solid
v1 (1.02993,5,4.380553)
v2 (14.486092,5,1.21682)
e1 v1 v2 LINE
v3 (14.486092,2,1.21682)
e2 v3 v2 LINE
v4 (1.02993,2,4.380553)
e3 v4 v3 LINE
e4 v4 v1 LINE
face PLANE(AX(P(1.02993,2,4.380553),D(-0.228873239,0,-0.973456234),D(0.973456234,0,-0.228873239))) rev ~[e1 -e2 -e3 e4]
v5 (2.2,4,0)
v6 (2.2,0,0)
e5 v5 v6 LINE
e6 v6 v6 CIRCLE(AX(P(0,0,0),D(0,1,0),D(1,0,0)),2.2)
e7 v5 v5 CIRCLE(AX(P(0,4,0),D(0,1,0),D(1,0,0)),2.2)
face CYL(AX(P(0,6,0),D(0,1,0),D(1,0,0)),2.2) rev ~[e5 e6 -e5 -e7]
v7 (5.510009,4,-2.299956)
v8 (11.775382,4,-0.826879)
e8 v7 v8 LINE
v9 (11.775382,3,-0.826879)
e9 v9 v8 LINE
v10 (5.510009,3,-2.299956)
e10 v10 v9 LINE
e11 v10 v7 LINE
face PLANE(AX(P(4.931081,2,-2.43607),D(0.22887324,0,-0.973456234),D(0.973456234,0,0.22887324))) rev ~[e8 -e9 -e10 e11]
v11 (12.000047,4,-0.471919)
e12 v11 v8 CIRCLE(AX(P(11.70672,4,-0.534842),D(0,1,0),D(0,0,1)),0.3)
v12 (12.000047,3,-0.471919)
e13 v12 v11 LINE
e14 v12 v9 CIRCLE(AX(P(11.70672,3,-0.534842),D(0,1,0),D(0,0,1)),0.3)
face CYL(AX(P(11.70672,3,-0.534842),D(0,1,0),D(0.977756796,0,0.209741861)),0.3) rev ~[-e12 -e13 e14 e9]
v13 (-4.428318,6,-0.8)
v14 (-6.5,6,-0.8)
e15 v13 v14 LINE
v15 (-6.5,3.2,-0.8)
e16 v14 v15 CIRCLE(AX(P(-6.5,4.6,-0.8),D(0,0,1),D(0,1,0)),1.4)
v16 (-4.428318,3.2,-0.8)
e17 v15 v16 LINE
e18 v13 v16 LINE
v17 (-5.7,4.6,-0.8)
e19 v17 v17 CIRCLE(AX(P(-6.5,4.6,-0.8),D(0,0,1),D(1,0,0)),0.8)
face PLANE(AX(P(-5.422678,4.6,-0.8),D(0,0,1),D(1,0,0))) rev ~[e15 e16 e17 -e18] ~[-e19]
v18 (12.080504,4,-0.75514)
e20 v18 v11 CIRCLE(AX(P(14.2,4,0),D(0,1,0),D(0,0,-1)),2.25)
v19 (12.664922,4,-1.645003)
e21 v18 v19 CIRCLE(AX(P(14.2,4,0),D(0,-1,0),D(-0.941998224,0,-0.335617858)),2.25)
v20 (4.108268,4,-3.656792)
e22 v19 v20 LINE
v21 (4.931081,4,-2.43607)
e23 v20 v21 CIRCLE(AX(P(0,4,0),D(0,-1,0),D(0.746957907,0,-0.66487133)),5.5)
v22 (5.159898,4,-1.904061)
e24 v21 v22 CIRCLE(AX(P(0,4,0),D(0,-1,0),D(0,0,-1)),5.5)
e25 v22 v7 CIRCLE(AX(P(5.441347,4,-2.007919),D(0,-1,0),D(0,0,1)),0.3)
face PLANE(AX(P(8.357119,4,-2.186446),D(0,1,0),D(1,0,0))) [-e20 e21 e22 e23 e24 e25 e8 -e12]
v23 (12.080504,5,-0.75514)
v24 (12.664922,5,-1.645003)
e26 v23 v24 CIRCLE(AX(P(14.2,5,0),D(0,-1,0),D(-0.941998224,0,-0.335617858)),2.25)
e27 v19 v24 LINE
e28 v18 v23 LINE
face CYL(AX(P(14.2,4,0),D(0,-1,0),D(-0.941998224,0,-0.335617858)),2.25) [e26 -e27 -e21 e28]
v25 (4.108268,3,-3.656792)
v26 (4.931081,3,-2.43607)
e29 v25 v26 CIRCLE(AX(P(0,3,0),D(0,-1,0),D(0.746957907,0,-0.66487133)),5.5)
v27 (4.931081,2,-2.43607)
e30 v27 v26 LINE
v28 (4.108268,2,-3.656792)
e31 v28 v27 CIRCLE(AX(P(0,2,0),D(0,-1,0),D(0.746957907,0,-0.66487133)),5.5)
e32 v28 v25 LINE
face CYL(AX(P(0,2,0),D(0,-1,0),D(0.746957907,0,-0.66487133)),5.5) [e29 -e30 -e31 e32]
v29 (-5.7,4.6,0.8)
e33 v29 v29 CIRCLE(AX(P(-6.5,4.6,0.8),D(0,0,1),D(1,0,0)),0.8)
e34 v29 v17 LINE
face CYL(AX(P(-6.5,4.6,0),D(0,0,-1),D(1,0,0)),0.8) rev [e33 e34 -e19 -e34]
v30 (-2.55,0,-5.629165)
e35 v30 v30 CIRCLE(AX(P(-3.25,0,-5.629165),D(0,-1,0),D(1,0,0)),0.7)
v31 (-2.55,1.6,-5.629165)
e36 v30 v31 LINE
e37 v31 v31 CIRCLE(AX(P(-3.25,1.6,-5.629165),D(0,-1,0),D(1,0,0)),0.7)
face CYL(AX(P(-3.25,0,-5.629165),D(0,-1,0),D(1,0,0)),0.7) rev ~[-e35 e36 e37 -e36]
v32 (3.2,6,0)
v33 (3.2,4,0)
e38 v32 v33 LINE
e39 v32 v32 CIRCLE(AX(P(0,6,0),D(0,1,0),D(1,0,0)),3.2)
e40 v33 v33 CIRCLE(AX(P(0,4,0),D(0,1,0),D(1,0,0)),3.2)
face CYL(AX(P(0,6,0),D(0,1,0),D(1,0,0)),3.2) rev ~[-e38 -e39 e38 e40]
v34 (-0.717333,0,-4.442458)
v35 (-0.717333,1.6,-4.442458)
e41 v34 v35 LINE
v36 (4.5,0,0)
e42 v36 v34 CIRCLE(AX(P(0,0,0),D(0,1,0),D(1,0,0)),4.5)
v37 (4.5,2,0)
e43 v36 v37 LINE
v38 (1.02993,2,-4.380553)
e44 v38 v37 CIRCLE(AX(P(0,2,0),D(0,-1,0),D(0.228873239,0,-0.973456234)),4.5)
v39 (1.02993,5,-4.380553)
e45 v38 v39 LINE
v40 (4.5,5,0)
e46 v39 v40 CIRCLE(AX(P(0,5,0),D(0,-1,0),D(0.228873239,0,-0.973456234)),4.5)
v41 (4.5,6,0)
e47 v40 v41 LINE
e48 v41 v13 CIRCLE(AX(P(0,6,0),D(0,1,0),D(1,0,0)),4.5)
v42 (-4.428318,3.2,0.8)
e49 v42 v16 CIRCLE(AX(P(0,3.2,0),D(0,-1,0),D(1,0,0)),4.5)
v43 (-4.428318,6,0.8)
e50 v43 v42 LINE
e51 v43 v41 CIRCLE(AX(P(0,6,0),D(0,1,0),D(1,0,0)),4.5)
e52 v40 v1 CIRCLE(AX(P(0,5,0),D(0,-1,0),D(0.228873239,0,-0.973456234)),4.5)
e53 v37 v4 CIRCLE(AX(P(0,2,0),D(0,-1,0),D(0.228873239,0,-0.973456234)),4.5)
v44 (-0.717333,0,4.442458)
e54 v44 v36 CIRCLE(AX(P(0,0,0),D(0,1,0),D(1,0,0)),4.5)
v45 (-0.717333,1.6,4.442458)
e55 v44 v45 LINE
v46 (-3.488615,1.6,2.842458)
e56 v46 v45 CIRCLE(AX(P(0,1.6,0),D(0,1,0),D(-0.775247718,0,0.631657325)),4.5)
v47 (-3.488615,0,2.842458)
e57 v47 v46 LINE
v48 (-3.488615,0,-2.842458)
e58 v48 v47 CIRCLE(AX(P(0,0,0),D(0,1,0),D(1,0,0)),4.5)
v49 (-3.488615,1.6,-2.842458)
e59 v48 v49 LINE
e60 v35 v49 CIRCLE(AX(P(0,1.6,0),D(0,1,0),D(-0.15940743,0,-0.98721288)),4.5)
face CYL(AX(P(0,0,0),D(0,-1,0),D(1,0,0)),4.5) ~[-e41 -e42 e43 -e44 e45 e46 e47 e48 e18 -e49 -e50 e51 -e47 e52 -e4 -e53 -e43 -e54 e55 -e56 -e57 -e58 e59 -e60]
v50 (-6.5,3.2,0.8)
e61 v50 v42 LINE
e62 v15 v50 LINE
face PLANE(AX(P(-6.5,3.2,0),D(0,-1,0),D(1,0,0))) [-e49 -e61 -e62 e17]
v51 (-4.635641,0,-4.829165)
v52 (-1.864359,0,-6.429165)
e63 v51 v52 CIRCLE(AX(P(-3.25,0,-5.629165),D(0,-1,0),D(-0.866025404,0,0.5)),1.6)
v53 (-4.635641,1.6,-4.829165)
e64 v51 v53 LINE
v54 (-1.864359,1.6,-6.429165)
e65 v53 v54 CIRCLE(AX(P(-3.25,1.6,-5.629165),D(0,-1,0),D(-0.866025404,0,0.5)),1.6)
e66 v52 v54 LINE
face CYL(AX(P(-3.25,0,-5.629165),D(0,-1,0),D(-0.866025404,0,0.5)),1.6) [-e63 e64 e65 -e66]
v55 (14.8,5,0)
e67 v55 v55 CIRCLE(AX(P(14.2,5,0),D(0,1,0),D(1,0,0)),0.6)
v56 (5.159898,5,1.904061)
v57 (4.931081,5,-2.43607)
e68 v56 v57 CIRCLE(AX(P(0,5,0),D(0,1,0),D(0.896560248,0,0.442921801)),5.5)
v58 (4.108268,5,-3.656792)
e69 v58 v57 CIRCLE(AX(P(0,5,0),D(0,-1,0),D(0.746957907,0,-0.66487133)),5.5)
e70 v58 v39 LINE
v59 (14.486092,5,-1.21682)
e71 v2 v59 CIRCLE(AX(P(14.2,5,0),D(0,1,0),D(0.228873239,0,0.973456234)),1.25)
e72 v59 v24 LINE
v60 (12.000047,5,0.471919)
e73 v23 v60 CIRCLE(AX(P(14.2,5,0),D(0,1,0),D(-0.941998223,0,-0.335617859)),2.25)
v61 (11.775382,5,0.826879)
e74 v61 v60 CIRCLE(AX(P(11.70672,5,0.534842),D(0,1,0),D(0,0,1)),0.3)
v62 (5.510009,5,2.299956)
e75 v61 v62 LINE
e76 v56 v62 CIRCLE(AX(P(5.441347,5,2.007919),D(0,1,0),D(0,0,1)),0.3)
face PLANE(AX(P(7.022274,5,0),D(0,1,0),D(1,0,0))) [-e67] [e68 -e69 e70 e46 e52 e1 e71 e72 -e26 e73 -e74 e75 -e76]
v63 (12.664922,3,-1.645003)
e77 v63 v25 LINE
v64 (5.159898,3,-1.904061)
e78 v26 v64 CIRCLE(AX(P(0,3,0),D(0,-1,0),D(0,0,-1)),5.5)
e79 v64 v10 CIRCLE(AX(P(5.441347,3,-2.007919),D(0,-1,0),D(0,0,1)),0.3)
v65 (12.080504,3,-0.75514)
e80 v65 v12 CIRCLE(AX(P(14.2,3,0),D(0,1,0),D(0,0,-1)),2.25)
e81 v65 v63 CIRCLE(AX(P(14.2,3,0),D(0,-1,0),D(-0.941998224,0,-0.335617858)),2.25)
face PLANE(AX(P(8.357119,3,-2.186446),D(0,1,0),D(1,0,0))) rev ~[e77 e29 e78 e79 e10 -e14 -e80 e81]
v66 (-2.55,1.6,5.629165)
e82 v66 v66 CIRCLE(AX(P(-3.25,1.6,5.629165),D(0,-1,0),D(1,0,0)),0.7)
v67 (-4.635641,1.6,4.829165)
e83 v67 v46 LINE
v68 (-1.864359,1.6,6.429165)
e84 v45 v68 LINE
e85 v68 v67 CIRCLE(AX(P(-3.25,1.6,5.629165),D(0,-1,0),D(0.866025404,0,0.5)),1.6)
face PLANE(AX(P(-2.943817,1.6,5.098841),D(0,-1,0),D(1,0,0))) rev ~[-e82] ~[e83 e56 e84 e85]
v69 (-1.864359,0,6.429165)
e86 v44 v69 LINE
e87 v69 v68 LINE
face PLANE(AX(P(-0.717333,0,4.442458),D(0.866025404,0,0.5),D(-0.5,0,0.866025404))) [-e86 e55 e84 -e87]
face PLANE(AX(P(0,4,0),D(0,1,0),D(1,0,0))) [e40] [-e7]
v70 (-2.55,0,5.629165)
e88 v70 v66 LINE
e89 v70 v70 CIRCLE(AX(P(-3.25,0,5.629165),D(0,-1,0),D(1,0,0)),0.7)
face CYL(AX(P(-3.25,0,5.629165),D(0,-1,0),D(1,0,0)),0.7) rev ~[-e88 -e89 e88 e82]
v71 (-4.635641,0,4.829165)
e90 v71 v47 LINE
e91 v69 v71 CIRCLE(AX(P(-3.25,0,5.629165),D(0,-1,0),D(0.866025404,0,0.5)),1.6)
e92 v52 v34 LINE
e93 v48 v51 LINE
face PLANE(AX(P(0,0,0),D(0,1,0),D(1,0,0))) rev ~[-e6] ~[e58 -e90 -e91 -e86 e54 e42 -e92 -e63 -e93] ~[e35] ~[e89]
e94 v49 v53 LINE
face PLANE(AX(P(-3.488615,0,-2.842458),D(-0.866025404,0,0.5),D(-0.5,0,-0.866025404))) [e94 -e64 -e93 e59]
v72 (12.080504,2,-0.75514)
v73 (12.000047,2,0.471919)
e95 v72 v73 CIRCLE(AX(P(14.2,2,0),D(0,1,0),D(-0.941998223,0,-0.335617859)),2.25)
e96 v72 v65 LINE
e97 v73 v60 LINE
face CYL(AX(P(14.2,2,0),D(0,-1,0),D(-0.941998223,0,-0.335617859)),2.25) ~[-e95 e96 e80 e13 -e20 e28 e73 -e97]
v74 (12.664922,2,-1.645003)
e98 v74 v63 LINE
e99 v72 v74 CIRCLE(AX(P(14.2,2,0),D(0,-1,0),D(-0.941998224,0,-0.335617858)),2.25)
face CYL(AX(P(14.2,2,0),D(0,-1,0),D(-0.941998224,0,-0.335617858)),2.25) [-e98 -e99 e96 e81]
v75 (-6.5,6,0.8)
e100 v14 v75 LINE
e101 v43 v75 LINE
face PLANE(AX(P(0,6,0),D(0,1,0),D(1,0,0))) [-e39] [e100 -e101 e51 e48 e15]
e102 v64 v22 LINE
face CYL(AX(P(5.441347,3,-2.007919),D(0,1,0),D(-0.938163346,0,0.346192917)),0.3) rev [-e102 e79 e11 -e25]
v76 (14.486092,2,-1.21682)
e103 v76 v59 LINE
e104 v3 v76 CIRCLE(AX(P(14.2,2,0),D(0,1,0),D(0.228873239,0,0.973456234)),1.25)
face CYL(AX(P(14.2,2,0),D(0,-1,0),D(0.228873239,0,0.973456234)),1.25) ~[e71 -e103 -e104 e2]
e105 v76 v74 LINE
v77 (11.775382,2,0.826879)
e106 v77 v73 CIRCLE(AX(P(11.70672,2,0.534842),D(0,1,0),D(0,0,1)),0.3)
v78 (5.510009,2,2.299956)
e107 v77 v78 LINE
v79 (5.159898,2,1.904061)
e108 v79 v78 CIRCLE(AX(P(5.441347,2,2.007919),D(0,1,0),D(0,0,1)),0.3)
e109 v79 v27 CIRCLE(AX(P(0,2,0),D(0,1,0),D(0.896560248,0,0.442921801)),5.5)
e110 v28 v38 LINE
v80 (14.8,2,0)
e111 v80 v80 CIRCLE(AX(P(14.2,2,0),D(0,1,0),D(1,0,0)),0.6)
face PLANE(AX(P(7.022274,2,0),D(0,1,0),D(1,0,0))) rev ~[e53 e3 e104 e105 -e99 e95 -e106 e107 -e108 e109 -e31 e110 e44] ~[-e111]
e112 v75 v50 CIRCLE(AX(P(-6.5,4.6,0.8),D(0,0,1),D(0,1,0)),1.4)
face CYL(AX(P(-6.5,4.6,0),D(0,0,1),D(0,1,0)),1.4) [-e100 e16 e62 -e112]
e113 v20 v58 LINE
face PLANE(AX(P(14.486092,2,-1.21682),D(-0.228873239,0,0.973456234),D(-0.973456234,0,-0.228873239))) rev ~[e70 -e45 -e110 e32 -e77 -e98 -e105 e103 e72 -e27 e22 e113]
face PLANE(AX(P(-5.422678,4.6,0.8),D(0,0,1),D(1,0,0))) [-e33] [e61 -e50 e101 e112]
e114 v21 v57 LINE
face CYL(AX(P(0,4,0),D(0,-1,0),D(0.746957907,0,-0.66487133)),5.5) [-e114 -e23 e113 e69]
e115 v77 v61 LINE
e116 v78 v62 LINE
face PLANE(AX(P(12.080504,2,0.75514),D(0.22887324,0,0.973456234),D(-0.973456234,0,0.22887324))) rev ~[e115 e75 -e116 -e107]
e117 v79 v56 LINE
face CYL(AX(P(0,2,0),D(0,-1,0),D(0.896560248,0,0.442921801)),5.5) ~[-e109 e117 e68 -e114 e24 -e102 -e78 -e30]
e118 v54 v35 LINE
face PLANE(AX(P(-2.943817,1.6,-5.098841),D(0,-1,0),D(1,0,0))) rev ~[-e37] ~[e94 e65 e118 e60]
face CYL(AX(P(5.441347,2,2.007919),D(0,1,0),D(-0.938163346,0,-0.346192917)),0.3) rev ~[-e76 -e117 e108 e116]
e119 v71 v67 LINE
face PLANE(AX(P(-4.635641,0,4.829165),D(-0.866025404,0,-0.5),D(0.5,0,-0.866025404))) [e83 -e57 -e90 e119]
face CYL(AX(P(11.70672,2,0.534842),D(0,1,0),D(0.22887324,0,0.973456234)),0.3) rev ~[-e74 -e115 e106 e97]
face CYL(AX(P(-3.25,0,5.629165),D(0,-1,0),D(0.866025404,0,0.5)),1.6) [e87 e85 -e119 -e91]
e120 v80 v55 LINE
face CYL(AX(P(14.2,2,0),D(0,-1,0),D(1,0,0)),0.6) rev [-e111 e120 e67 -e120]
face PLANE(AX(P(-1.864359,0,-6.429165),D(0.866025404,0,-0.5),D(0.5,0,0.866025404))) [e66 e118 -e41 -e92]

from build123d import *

# Parameters (mm, degrees)
SKETCH1_R           = 4.5
BOSS_EXTRUDE1_DEPTH = 6
SKETCH3_R           = 0.7
BOSS_EXTRUDE2_DEPTH = 1.6
SKETCH4_R           = 0.8
BOSS_EXTRUDE3_DEPTH = 0.8
BOSS_EXTRUDE4_START = -4
SKETCH5_R           = 0.6
BOSS_EXTRUDE4_DEPTH = 3
CUT_EXTRUDE1_START  = -2
CUT_EXTRUDE1_DEPTH  = 1
CUT_EXTRUDE2_START  = -4
CUT_EXTRUDE2_DEPTH  = 1
FILLET1_R           = 0.3
SKETCH6_R           = 3.2
SKETCH6_R_2         = 2.2
CUT_EXTRUDE4_DEPTH  = 2
SKETCH6_4_R         = 2.2
CUT_EXTRUDE5_DEPTH  = 19.08212732


with BuildPart() as part:
    # Sketch1 → Boss-Extrude1 (new body)
    with BuildSketch(Plane(origin=(0, 0, 0), x_dir=(1, 0, 0), z_dir=(0, 1, 0))):
        Circle(SKETCH1_R)
    extrude(amount=BOSS_EXTRUDE1_DEPTH)

    # Sketch3 → Boss-Extrude2 (add)
    # profile 1 of 2: a face of its own
    with BuildSketch(Plane.XZ):
        with BuildLine():
            Line((-0.717333438, 4.442457961), (-1.864359354, 6.429165125))
            ThreePointArc((-1.864359354, 6.429165125), (-4.05, 7.014805771), (-4.635640646, 4.829165125))
            Line((-4.635640646, 4.829165125), (-3.488614731, 2.842457961))
            ThreePointArc((-3.488614731, 2.842457961), (-2.25, 3.897114317), (-0.717333438, 4.442457961))
        make_face()
        with Locations((-3.25, 5.629165125)):
            Circle(SKETCH3_R, mode=Mode.SUBTRACT)
    # profile 2 of 2: a face of its own
    with BuildSketch(Plane.XZ):
        with BuildLine():
            ThreePointArc((-0.717333438, -4.442457961), (-2.25, -3.897114317), (-3.488614731, -2.842457961))
            Line((-3.488614731, -2.842457961), (-4.635640646, -4.829165125))
            ThreePointArc((-4.635640646, -4.829165125), (-4.05, -7.014805771), (-1.864359354, -6.429165125))
            Line((-1.864359354, -6.429165125), (-0.717333438, -4.442457961))
        make_face()
        with Locations((-3.25, -5.629165125)):
            Circle(SKETCH3_R, mode=Mode.SUBTRACT)
    extrude(amount=-BOSS_EXTRUDE2_DEPTH)

    # Sketch4 → Boss-Extrude3 (add, symmetric)
    with BuildSketch(Plane.XY):
        with BuildLine():
            Line((-3.5, 6), (-6.5, 6))
            ThreePointArc((-6.5, 6), (-7.9, 4.6), (-6.5, 3.2))
            Line((-6.5, 3.2), (-3.5, 3.2))
            Line((-3.5, 3.2), (-3.5, 6))
        make_face()
        with Locations((-6.5, 4.6)):
            Circle(SKETCH4_R, mode=Mode.SUBTRACT)
    extrude(amount=BOSS_EXTRUDE3_DEPTH, both=True)

    # Sketch5 → Boss-Extrude4 (add)
    with BuildSketch(Plane(origin=(0, 6, 0), x_dir=(1, 0, 0), z_dir=(0, 1, 0)).offset(BOSS_EXTRUDE4_START)):
        with BuildLine():
            ThreePointArc((1.029929577, 4.380553055), (4.5, 0), (1.029929577, -4.380553055))
            Line((1.029929577, -4.380553055), (14.486091549, -1.216820293))
            ThreePointArc((14.486091549, -1.216820293), (15.45, 0), (14.486091549, 1.216820293))
            Line((14.486091549, 1.216820293), (1.029929577, 4.380553055))
        make_face()
        with BuildLine():
            ThreePointArc((4.931081365, -2.436069903), (5.5, 0), (4.931081365, 2.436069903))
            Line((4.931081365, 2.436069903), (12.080503997, 0.75514018))
            ThreePointArc((12.080503997, 0.75514018), (11.95, 0), (12.080503997, -0.75514018))
            Line((12.080503997, -0.75514018), (4.931081365, -2.436069903))
        make_face(mode=Mode.SUBTRACT)
        with Locations((14.2, 0)):
            Circle(SKETCH5_R, mode=Mode.SUBTRACT)
    extrude(amount=BOSS_EXTRUDE4_DEPTH)

    # Sketch5<3> → Cut-Extrude1 (cut)
    with BuildSketch(Plane(origin=(0, 6, 0), x_dir=(1, 0, 0), z_dir=(0, 1, 0)).offset(CUT_EXTRUDE1_START)):
        with BuildLine():
            Line((12.664921694, 1.645002916), (4.108268481, 3.656792323))
            ThreePointArc((4.108268481, 3.656792323), (4.560701943, 3.074084869), (4.931081365, 2.436069903))
            Line((4.931081365, 2.436069903), (12.080503997, 0.75514018))
            ThreePointArc((12.080503997, 0.75514018), (12.319323987, 1.235134702), (12.664921694, 1.645002916))
        make_face()
    extrude(amount=CUT_EXTRUDE1_DEPTH, mode=Mode.SUBTRACT)

    # Sketch5<4> → Cut-Extrude2 (cut)
    with BuildSketch(Plane(origin=(0, 6, 0), x_dir=(1, 0, 0), z_dir=(0, 1, 0)).offset(CUT_EXTRUDE2_START)):
        with BuildLine():
            Line((12.664921694, 1.645002916), (4.108268481, 3.656792323))
            ThreePointArc((4.108268481, 3.656792323), (4.560701943, 3.074084869), (4.931081365, 2.436069903))
            Line((4.931081365, 2.436069903), (12.080503997, 0.75514018))
            ThreePointArc((12.080503997, 0.75514018), (12.319323987, 1.235134702), (12.664921694, 1.645002916))
        make_face()
    extrude(amount=CUT_EXTRUDE2_DEPTH, mode=Mode.SUBTRACT)

    # Fillet1
    fillet1_edges = [part.edges().sort_by_distance(p)[0] for p in [
        (4.931081365, 3.5, -2.436069903),
        (12.080503997, 3.5, -0.75514018),
        (12.080503997, 3.5, 0.75514018),
        (4.931081365, 3.5, 2.436069903),
    ]]
    fillet(fillet1_edges, radius=FILLET1_R)

    # Sketch6 → Cut-Extrude4 (cut)
    with BuildSketch(Plane(origin=(0, 6, 0), x_dir=(1, 0, 0), z_dir=(0, 1, 0))):
        Circle(SKETCH6_R)
        Circle(SKETCH6_R_2, mode=Mode.SUBTRACT)
    extrude(amount=-CUT_EXTRUDE4_DEPTH, mode=Mode.SUBTRACT)

    # Sketch6<4> → Cut-Extrude5 (cut, through all)
    with BuildSketch(Plane(origin=(0, 6, 0), x_dir=(1, 0, 0), z_dir=(0, 1, 0))):
        Circle(SKETCH6_4_R)
    extrude(amount=-CUT_EXTRUDE5_DEPTH, mode=Mode.SUBTRACT)


solid = part.part
